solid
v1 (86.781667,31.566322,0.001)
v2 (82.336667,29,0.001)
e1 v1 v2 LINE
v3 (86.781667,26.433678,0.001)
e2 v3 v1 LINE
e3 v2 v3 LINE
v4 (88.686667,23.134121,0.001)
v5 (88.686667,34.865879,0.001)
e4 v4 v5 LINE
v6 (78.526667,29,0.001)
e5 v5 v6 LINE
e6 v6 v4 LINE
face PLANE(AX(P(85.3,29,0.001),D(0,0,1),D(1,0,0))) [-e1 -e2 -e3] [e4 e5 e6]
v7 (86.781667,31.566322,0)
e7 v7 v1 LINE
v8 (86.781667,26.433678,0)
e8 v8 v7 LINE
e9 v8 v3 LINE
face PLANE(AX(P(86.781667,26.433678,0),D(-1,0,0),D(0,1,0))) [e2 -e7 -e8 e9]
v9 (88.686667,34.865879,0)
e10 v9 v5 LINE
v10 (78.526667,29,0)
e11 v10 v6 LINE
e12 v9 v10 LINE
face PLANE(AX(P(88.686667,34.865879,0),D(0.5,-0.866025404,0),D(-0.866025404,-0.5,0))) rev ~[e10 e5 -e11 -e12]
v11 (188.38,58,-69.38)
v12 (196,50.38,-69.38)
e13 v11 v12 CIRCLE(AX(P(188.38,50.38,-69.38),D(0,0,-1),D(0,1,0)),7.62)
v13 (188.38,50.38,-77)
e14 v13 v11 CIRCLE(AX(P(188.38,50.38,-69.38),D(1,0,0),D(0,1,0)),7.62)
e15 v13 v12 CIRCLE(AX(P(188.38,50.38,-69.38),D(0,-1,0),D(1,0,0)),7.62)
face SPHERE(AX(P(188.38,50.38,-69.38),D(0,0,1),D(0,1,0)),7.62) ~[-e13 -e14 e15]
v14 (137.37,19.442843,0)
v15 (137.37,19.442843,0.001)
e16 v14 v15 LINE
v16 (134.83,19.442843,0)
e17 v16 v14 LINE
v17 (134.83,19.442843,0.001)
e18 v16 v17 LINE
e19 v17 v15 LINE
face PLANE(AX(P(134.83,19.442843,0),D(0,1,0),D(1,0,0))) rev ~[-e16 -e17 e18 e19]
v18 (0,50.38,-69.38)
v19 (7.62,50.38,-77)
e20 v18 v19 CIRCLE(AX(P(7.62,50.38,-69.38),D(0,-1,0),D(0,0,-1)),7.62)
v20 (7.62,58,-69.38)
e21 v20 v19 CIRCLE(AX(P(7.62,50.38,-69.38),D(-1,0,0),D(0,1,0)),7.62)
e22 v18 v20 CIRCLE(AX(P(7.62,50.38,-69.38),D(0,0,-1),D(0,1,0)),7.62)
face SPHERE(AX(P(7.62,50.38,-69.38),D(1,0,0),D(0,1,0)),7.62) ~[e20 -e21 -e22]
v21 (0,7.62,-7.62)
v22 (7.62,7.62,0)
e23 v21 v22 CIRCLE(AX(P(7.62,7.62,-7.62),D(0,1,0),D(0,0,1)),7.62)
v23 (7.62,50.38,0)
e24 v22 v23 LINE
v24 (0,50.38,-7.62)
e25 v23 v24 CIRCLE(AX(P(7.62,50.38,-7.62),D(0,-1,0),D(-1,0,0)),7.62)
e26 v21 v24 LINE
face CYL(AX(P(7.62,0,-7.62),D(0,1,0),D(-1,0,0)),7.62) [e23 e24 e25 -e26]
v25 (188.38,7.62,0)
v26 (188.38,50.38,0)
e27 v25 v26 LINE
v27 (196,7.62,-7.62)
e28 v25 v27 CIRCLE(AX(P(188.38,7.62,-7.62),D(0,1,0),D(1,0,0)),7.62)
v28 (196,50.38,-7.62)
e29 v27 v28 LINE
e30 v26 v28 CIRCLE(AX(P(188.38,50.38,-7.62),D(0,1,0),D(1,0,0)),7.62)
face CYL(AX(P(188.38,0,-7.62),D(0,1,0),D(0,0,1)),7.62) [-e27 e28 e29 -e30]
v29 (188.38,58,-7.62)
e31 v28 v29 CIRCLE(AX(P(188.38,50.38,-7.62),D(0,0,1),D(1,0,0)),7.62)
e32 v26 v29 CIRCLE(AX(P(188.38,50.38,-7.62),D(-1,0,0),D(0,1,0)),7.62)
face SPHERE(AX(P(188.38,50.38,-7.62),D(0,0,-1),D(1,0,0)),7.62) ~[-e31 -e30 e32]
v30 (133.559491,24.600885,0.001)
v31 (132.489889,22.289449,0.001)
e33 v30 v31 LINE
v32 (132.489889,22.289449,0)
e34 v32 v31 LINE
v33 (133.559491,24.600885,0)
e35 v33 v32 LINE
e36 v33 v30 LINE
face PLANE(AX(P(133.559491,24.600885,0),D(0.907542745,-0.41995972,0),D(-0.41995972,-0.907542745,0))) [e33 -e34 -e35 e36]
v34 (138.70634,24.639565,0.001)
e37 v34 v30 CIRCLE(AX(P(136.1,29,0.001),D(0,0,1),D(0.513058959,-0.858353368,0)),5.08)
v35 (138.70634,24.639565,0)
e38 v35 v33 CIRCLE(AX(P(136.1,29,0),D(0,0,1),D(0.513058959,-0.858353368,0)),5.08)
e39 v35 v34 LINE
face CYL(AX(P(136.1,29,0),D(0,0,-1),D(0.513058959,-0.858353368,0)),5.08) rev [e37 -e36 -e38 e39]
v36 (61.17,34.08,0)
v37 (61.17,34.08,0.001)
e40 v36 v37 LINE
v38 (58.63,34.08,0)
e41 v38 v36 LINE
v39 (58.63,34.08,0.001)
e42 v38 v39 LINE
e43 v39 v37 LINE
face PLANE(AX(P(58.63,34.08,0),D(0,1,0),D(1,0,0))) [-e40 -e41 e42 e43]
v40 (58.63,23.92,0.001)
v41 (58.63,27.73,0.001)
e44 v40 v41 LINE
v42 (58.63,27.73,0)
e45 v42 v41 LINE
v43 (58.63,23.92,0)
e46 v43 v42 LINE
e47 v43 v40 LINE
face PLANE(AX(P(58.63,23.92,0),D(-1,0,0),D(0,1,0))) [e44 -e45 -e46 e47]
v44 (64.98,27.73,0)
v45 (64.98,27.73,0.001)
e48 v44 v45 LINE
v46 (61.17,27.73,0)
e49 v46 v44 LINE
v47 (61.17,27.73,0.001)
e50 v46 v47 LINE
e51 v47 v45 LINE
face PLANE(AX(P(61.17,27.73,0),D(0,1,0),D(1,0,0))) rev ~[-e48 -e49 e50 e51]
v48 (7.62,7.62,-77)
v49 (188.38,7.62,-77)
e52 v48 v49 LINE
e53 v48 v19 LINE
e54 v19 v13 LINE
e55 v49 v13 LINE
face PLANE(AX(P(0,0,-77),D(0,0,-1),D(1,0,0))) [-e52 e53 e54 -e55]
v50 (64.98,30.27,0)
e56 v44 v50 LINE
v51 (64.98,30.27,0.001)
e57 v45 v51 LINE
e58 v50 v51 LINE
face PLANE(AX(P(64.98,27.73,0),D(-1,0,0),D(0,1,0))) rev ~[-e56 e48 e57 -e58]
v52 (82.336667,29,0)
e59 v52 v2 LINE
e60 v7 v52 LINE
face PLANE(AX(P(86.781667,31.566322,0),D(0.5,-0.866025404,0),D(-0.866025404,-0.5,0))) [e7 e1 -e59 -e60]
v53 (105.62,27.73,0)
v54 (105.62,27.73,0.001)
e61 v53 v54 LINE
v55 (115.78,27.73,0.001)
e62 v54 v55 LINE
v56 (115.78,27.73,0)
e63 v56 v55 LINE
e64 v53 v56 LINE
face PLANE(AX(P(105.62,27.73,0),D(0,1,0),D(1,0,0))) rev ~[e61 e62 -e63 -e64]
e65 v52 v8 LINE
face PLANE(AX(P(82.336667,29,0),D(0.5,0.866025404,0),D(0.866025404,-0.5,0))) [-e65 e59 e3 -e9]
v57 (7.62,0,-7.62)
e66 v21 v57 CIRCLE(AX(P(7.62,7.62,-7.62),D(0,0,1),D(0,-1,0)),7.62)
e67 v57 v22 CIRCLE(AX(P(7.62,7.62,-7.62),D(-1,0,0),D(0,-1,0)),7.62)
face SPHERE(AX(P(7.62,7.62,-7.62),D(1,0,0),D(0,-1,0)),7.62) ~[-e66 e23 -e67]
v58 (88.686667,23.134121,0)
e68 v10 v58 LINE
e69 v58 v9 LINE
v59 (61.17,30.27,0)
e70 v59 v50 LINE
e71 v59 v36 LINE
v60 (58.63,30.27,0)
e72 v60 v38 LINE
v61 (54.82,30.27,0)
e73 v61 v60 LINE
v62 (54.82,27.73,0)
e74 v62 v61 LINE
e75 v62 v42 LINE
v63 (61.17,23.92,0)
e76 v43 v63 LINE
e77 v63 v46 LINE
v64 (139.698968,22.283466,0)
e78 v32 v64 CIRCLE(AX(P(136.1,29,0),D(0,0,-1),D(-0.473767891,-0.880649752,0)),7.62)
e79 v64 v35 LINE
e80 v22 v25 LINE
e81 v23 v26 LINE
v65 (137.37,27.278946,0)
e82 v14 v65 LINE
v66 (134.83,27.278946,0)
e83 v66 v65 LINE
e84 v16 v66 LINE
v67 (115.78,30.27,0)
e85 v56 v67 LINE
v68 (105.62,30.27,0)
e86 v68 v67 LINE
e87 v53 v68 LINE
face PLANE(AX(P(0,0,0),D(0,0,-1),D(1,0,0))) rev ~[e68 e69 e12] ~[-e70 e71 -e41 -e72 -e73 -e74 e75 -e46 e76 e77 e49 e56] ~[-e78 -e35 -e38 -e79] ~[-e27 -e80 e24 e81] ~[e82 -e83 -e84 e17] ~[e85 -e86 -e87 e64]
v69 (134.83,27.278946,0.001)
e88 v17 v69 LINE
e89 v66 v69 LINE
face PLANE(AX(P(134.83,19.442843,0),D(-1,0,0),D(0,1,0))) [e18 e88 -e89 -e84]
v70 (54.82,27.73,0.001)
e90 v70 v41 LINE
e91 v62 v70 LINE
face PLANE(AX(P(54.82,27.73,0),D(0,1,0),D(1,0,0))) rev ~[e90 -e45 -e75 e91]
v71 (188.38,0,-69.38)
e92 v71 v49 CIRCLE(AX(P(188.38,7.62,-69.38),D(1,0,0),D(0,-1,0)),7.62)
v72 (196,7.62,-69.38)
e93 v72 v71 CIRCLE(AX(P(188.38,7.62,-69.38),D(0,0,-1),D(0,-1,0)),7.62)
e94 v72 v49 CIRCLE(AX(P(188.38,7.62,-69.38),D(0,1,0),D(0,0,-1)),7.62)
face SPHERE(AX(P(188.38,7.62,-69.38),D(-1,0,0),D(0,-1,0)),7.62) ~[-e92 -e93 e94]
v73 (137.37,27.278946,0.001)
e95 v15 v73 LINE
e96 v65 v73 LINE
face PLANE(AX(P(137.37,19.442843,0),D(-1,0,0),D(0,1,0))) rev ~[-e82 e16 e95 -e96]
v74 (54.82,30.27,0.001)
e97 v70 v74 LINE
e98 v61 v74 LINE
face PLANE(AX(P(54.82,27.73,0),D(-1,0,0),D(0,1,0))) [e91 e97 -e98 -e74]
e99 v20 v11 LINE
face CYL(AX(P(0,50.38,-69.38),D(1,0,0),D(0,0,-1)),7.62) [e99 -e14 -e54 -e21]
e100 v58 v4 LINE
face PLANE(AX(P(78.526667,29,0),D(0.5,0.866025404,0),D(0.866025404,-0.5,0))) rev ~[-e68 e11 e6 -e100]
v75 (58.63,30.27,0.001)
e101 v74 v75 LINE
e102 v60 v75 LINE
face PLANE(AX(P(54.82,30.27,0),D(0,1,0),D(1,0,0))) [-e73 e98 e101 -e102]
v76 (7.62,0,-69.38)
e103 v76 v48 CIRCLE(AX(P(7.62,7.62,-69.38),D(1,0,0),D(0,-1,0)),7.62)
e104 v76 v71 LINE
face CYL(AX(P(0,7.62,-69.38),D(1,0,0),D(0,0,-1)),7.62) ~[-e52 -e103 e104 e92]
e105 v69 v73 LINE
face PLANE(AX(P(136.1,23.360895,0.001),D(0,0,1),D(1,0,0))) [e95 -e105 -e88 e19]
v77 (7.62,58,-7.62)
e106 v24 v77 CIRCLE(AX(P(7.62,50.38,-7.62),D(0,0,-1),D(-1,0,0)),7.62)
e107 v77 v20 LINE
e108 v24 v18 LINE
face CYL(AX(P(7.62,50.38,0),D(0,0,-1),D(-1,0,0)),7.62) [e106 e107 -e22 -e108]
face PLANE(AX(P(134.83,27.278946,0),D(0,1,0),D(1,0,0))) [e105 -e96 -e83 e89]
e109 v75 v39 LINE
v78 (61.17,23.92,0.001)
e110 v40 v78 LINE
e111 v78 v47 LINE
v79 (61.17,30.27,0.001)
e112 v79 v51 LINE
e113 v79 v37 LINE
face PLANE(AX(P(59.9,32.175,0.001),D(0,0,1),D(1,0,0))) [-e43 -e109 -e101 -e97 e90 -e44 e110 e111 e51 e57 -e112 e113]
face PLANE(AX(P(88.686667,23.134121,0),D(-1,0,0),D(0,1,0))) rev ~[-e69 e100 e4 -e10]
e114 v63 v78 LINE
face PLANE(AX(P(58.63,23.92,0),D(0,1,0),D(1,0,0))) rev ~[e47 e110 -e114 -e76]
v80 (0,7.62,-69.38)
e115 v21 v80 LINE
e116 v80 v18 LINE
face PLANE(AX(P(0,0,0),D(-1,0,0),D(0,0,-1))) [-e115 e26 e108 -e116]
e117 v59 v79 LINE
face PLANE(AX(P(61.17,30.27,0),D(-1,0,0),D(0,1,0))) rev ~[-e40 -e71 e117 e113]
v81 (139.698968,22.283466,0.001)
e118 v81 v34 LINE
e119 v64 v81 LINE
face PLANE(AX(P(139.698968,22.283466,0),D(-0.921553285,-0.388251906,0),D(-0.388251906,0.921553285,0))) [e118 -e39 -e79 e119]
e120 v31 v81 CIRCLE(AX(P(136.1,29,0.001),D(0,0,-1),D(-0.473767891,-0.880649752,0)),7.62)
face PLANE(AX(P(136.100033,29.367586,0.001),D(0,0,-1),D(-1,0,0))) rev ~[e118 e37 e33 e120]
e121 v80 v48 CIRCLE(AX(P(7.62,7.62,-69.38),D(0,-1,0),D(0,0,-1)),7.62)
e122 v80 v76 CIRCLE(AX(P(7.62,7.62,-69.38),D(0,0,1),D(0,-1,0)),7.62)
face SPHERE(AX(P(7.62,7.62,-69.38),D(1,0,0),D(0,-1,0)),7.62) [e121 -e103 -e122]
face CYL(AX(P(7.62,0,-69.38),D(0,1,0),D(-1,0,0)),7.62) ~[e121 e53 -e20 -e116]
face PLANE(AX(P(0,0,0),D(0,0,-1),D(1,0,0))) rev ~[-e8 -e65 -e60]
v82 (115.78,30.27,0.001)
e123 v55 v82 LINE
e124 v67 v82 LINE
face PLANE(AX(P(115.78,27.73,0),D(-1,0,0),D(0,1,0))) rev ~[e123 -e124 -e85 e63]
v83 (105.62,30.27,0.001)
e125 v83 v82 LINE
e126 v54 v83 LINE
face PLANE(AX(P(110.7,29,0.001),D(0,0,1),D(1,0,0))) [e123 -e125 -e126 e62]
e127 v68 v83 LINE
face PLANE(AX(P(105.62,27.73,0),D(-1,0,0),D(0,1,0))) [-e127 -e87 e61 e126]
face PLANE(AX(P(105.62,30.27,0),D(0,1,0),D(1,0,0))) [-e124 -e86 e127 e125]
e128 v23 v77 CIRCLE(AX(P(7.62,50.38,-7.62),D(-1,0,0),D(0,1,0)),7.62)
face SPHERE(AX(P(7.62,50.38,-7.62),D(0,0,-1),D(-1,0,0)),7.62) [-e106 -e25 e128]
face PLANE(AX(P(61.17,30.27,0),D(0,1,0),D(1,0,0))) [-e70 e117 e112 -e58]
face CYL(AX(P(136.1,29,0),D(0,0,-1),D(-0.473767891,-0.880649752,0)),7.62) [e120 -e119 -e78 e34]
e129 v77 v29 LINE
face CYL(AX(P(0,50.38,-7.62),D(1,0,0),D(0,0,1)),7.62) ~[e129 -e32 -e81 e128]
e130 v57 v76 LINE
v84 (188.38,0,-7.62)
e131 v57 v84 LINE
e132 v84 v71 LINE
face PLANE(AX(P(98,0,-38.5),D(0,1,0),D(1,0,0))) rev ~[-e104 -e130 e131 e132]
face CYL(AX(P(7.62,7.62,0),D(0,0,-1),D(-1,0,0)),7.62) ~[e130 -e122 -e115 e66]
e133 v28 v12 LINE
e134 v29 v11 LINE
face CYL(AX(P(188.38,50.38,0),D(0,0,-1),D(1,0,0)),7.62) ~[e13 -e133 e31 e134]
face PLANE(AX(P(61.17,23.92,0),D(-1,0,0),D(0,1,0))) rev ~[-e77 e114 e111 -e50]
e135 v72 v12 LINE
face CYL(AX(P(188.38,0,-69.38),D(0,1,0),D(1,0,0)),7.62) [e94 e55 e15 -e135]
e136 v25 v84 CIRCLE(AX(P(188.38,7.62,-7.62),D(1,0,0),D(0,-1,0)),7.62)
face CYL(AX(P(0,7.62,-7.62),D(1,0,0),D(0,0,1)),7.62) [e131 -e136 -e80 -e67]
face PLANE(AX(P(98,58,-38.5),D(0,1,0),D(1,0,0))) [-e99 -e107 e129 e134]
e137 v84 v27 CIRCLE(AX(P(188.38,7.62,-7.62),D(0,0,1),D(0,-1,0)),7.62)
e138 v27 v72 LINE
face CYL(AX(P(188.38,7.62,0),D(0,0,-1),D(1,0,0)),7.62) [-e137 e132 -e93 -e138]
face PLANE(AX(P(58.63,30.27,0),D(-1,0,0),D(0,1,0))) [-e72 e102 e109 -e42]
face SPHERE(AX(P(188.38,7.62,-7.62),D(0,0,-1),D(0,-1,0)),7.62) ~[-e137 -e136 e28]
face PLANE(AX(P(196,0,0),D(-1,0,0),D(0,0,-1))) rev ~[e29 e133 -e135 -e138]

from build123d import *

# Parameters (mm, degrees)
SKETCH1_W           = 196
SKETCH1_H           = 77
BOSS_EXTRUDE1_DEPTH = 58
FILLET1_R           = 7.62
SKETCH2_W           = 2.54
SKETCH2_H           = 7.836102323
SKETCH2_W_2         = 10.16
SKETCH2_H_2         = 2.54
SKETCH2_H_3         = 3.81
SKETCH2_W_3         = 3.81
BOSS_EXTRUDE2_DEPTH = 0.001


with BuildPart() as part:
    # Sketch1 → Boss-Extrude1 (new body)
    with BuildSketch(Plane(origin=(0, 0, 0), x_dir=(1, 0, 0), z_dir=(0, 1, 0))):
        with Locations((98, 38.5)):
            Rectangle(SKETCH1_W, SKETCH1_H)
    extrude(amount=BOSS_EXTRUDE1_DEPTH)

    # Fillet1
    fillet1_edges = [part.edges().sort_by_distance(p)[0] for p in [
        (196, 58, -38.5),
        (98, 58, -77),
        (0, 58, -38.5),
        (98, 0, -77),
        (196, 0, -38.5),
        (98, 0, 0),
        (0, 0, -38.5),
        (0, 29, -77),
        (196, 29, -77),
        (196, 29, 0),
        (0, 29, 0),
        (98, 58, 0),
    ]]
    fillet(fillet1_edges, radius=FILLET1_R)

    # Sketch2 → Boss-Extrude2 (add)
    # profile 1 of 9: a face of its own
    with BuildSketch(Plane.XY):
        with BuildLine():
            Line((139.698967869, 22.283465903), (138.706339513, 24.639564891))
            ThreePointArc((138.706339513, 24.639564891), (136.061823348, 34.079856548), (133.559491145, 24.600884776))
            Line((133.559491145, 24.600884776), (132.489888668, 22.289448892))
            ThreePointArc((132.489888668, 22.289448892), (136.10632402, 36.619997376), (139.698967869, 22.283465903))
        make_face()
    # profile 2 of 9: a face of its own
    with BuildSketch(Plane.XY):
        with Locations((136.1, 23.360894571)):
            Rectangle(SKETCH2_W, SKETCH2_H)
    # profile 3 of 9: a face of its own
    with BuildSketch(Plane.XY):
        with Locations((110.7, 29)):
            Rectangle(SKETCH2_W_2, SKETCH2_H_2)
    # profile 4 of 9: a face of its own
    with BuildSketch(Plane.XY):
        Polygon((88.686666667, 23.134121265), (88.686666667, 34.865878735), (78.526666667, 29), align=None)
        Polygon((82.336666667, 29), (86.781666667, 26.433678053), (86.781666667, 31.566321947), align=None, mode=Mode.SUBTRACT)
    # profile 5 of 9: a face of its own
    with BuildSketch(Plane.XY):
        with Locations((59.9, 32.175)):
            Rectangle(SKETCH2_W, SKETCH2_H_3)
    # profile 6 of 9: a face of its own
    with BuildSketch(Plane.XY):
        with Locations((63.075, 29)):
            Rectangle(SKETCH2_W_3, SKETCH2_H_2)
    # profile 7 of 9: a face of its own
    with BuildSketch(Plane.XY):
        with Locations((59.9, 29)):
            Rectangle(SKETCH2_W, SKETCH2_H_2)
    # profile 8 of 9: a face of its own
    with BuildSketch(Plane.XY):
        with Locations((59.9, 25.825)):
            Rectangle(SKETCH2_W, SKETCH2_H_3)
    # profile 9 of 9: a face of its own
    with BuildSketch(Plane.XY):
        with Locations((56.725, 29)):
            Rectangle(SKETCH2_W_3, SKETCH2_H_2)
    extrude(amount=BOSS_EXTRUDE2_DEPTH)


solid = part.part
